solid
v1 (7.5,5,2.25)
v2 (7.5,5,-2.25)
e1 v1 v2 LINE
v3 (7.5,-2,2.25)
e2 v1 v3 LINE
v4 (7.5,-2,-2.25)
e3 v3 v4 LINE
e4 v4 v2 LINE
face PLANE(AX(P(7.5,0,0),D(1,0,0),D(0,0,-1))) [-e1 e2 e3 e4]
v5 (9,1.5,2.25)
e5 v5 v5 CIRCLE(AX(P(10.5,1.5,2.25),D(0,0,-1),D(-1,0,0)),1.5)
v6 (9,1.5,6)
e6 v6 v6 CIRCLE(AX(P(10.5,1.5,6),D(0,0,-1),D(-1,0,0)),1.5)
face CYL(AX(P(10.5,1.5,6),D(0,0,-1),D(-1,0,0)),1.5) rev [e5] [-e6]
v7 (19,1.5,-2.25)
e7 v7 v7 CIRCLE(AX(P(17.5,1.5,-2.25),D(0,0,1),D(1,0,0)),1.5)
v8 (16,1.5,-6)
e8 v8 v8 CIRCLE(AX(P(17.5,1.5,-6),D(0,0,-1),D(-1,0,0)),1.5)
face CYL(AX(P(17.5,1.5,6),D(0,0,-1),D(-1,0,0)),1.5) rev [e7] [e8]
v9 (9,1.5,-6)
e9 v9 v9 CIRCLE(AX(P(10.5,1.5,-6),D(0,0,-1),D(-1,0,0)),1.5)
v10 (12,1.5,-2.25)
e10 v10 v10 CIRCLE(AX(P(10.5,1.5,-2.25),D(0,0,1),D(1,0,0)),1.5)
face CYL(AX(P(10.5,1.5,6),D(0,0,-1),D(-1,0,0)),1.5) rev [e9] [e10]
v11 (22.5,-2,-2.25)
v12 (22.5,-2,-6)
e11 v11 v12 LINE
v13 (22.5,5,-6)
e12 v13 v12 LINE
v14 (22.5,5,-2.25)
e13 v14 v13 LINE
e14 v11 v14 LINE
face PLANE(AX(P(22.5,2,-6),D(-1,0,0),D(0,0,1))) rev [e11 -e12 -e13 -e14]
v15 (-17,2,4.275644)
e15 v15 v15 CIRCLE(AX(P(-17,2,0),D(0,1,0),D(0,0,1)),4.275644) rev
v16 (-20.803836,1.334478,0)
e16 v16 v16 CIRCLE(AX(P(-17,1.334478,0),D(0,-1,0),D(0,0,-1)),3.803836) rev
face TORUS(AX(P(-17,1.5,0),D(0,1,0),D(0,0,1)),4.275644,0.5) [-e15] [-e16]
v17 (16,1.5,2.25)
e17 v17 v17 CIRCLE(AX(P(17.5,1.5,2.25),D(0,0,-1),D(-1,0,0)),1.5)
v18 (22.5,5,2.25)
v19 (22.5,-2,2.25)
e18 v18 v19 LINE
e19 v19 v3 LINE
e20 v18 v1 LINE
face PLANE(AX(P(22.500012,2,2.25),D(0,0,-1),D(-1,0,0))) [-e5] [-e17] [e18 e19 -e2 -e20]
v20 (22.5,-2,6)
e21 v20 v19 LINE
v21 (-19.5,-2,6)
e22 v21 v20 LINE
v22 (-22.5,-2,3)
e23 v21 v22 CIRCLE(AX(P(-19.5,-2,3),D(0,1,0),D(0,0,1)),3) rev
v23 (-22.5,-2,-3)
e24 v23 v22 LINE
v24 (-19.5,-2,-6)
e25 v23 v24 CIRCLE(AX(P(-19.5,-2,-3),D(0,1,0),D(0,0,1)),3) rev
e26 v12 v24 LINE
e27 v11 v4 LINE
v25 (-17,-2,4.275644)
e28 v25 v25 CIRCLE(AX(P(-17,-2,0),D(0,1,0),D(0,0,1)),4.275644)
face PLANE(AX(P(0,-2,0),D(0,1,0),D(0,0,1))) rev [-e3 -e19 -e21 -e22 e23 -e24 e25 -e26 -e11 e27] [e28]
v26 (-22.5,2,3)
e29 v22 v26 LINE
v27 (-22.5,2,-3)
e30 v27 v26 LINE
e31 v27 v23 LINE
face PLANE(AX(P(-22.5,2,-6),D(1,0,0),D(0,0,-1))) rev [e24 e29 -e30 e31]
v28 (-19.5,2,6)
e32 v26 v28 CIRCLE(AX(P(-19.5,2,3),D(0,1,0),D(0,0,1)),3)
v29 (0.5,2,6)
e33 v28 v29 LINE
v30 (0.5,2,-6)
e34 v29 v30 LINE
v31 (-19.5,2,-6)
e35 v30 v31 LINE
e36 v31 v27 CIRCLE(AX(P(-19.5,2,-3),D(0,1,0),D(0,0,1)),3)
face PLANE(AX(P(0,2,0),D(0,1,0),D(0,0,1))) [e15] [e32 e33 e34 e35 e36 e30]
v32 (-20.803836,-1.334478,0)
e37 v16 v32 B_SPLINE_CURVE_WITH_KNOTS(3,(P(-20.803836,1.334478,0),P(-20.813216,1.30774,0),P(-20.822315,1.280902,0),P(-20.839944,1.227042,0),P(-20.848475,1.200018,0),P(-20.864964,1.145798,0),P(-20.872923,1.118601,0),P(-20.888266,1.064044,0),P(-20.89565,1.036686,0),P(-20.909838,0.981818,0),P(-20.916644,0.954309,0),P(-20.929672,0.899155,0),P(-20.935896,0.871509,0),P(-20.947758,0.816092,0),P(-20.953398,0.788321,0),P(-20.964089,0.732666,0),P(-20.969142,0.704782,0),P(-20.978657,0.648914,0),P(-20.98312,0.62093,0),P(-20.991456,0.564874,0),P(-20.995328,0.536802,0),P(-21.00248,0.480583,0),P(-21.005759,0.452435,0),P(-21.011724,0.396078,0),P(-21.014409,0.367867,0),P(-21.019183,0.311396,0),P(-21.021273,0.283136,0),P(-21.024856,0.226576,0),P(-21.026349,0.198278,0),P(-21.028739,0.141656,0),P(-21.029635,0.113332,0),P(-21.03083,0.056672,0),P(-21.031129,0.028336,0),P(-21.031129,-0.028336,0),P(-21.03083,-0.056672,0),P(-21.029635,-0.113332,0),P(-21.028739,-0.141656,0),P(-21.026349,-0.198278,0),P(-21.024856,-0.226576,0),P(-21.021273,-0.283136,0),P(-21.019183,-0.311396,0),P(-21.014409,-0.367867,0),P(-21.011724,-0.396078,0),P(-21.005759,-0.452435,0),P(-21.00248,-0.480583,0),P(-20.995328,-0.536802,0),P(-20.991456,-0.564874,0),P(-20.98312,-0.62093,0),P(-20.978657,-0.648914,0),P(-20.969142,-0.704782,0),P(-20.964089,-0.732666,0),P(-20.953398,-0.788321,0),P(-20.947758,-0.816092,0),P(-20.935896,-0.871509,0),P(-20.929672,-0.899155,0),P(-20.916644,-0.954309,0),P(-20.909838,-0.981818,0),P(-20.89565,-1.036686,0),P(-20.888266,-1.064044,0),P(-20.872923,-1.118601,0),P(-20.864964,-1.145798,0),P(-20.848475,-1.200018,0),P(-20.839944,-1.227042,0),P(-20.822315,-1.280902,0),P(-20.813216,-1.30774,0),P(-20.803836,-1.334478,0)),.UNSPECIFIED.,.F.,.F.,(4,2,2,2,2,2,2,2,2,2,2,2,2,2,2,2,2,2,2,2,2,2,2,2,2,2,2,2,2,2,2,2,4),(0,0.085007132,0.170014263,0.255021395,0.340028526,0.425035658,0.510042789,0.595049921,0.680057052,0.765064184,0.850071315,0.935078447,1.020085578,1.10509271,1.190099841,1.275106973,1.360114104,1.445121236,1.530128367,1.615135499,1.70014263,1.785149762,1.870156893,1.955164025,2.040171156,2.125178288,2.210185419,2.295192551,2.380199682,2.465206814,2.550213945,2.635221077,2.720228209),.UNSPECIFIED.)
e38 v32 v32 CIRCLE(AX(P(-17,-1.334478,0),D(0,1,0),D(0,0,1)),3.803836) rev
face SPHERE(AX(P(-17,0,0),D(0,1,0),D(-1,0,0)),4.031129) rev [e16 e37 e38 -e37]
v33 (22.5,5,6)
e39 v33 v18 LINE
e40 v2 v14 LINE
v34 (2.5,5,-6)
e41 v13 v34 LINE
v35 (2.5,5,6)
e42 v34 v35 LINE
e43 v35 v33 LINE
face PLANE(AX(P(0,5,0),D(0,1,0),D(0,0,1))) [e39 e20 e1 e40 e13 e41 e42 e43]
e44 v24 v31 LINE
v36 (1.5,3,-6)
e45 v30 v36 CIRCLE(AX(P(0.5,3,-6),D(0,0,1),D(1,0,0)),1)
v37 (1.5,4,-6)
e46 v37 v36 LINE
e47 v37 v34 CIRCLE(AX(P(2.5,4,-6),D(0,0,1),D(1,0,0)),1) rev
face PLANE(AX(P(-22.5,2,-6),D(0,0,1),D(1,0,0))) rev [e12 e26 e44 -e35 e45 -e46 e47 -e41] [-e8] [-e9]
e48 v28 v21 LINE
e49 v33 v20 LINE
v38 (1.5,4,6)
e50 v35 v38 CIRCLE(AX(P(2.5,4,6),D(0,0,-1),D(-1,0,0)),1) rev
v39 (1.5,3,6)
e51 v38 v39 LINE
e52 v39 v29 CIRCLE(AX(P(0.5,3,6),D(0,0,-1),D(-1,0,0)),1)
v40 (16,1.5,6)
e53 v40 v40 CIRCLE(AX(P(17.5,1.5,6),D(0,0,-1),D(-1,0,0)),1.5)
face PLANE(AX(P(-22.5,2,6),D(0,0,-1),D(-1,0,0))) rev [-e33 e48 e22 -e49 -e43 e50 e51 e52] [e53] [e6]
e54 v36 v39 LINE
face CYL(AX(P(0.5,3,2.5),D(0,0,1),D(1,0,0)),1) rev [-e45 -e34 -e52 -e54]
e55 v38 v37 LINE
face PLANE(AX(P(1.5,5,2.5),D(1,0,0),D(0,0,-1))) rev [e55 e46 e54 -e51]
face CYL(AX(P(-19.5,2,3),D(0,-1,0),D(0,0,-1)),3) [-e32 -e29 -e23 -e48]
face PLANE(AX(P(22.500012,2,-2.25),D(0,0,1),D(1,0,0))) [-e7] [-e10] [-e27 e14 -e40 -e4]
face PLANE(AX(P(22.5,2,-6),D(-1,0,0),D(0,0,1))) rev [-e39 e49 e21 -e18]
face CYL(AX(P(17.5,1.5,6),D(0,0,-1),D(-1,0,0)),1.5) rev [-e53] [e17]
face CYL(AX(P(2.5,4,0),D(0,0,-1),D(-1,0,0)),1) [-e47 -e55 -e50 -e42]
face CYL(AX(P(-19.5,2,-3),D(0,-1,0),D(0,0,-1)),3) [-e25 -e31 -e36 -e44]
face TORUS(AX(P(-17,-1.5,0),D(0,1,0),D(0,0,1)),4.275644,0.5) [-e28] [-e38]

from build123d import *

# Parameters (mm, degrees)
SKETCH1_W               = 45
SKETCH1_H               = 12
BOSS_EXTRUDE1_DEPTH     = 2
FILLET1_R               = 3
FILLET15_R              = 0.5
CUT_EXTRUDE2_DEPTH      = 46.442271187
CUT_EXTRUDE2_DEPTH_BACK = 15
SKETCH11_W              = 4.5
SKETCH11_H              = 4
BOSS_EXTRUDE3_DEPTH     = 3
SKETCH14_R              = 1.5
CUT_EXTRUDE4_DEPTH      = 26.985573053
FILLET17_R              = 1


with BuildPart() as part:
    # Sketch1 → Boss-Extrude1 (new, symmetric)
    with BuildSketch(Plane(origin=(0, 0, 0), x_dir=(1, 0, 0), z_dir=(0, 1, 0))):
        Rectangle(SKETCH1_W, SKETCH1_H)
    extrude(amount=BOSS_EXTRUDE1_DEPTH, both=True)

    # Sketch2 → Cut-Revolve2 (revolve, cut)
    with BuildSketch(Plane.XY):
        with BuildLine():
            Line((-17, 2), (-17, -2))
            Line((-17, -2), (-20.5, -2))
            ThreePointArc((-20.5, -2), (-21.031128874, 0), (-20.5, 2))
            Line((-20.5, 2), (-17, 2))
        make_face()
    revolve(axis=Axis((-17, 2, 0), (0, -1, 0)), mode=Mode.SUBTRACT)

    # Fillet1
    fillet1_edges = [part.edges().sort_by_distance(p)[0] for p in [
        (-22.5, 0, 6),
        (-22.5, 0, -6),
    ]]
    fillet(fillet1_edges, radius=FILLET1_R)

    # Fillet15
    fillet15_edges = [part.edges().sort_by_distance(p)[0] for p in [
        (-13.5, 2, 0),
        (-13.5, -2, 0),
    ]]
    fillet(fillet15_edges, radius=FILLET15_R)

    # Sketch11 → Cut-Extrude2 (cut, two sides: drawn at the far end of the back side and taken through both)
    with BuildSketch(Plane(origin=(22.5, 0, 0), x_dir=(0, 0, -1), z_dir=(1, 0, 0)).offset(-CUT_EXTRUDE2_DEPTH_BACK)):
        Rectangle(SKETCH11_W, SKETCH11_H)
    extrude(amount=CUT_EXTRUDE2_DEPTH + CUT_EXTRUDE2_DEPTH_BACK, mode=Mode.SUBTRACT)

    # Sketch13 → Boss-Extrude3 (add)
    with BuildSketch(Plane(origin=(0, 2, 0), x_dir=(1, 0, 0), z_dir=(0, 1, 0))):
        Polygon((22.5, 2.25), (7.5, 2.25), (7.5, -2.25), (22.5, -2.25), (22.5, -6), (1.5, -6), (1.5, -2.5), (1.5, 2.5), (1.5, 6), (22.5, 6), align=None)
    extrude(amount=BOSS_EXTRUDE3_DEPTH)

    # Sketch14 → Cut-Extrude4 (cut, through all)
    with BuildSketch(Plane(origin=(0, 0, -6), x_dir=(-1, 0, 0), z_dir=(0, 0, -1))):
        with Locations((-17.5, 1.5)):
            Circle(SKETCH14_R)
        with Locations((-10.5, 1.5)):
            Circle(SKETCH14_R)
    extrude(amount=-CUT_EXTRUDE4_DEPTH, mode=Mode.SUBTRACT)

    # Fillet17
    fillet17_edges = [part.edges().sort_by_distance(p)[0] for p in [
        (1.5, 2, 0),
        (1.5, 5, 0),
    ]]
    fillet(fillet17_edges, radius=FILLET17_R)


solid = part.part
